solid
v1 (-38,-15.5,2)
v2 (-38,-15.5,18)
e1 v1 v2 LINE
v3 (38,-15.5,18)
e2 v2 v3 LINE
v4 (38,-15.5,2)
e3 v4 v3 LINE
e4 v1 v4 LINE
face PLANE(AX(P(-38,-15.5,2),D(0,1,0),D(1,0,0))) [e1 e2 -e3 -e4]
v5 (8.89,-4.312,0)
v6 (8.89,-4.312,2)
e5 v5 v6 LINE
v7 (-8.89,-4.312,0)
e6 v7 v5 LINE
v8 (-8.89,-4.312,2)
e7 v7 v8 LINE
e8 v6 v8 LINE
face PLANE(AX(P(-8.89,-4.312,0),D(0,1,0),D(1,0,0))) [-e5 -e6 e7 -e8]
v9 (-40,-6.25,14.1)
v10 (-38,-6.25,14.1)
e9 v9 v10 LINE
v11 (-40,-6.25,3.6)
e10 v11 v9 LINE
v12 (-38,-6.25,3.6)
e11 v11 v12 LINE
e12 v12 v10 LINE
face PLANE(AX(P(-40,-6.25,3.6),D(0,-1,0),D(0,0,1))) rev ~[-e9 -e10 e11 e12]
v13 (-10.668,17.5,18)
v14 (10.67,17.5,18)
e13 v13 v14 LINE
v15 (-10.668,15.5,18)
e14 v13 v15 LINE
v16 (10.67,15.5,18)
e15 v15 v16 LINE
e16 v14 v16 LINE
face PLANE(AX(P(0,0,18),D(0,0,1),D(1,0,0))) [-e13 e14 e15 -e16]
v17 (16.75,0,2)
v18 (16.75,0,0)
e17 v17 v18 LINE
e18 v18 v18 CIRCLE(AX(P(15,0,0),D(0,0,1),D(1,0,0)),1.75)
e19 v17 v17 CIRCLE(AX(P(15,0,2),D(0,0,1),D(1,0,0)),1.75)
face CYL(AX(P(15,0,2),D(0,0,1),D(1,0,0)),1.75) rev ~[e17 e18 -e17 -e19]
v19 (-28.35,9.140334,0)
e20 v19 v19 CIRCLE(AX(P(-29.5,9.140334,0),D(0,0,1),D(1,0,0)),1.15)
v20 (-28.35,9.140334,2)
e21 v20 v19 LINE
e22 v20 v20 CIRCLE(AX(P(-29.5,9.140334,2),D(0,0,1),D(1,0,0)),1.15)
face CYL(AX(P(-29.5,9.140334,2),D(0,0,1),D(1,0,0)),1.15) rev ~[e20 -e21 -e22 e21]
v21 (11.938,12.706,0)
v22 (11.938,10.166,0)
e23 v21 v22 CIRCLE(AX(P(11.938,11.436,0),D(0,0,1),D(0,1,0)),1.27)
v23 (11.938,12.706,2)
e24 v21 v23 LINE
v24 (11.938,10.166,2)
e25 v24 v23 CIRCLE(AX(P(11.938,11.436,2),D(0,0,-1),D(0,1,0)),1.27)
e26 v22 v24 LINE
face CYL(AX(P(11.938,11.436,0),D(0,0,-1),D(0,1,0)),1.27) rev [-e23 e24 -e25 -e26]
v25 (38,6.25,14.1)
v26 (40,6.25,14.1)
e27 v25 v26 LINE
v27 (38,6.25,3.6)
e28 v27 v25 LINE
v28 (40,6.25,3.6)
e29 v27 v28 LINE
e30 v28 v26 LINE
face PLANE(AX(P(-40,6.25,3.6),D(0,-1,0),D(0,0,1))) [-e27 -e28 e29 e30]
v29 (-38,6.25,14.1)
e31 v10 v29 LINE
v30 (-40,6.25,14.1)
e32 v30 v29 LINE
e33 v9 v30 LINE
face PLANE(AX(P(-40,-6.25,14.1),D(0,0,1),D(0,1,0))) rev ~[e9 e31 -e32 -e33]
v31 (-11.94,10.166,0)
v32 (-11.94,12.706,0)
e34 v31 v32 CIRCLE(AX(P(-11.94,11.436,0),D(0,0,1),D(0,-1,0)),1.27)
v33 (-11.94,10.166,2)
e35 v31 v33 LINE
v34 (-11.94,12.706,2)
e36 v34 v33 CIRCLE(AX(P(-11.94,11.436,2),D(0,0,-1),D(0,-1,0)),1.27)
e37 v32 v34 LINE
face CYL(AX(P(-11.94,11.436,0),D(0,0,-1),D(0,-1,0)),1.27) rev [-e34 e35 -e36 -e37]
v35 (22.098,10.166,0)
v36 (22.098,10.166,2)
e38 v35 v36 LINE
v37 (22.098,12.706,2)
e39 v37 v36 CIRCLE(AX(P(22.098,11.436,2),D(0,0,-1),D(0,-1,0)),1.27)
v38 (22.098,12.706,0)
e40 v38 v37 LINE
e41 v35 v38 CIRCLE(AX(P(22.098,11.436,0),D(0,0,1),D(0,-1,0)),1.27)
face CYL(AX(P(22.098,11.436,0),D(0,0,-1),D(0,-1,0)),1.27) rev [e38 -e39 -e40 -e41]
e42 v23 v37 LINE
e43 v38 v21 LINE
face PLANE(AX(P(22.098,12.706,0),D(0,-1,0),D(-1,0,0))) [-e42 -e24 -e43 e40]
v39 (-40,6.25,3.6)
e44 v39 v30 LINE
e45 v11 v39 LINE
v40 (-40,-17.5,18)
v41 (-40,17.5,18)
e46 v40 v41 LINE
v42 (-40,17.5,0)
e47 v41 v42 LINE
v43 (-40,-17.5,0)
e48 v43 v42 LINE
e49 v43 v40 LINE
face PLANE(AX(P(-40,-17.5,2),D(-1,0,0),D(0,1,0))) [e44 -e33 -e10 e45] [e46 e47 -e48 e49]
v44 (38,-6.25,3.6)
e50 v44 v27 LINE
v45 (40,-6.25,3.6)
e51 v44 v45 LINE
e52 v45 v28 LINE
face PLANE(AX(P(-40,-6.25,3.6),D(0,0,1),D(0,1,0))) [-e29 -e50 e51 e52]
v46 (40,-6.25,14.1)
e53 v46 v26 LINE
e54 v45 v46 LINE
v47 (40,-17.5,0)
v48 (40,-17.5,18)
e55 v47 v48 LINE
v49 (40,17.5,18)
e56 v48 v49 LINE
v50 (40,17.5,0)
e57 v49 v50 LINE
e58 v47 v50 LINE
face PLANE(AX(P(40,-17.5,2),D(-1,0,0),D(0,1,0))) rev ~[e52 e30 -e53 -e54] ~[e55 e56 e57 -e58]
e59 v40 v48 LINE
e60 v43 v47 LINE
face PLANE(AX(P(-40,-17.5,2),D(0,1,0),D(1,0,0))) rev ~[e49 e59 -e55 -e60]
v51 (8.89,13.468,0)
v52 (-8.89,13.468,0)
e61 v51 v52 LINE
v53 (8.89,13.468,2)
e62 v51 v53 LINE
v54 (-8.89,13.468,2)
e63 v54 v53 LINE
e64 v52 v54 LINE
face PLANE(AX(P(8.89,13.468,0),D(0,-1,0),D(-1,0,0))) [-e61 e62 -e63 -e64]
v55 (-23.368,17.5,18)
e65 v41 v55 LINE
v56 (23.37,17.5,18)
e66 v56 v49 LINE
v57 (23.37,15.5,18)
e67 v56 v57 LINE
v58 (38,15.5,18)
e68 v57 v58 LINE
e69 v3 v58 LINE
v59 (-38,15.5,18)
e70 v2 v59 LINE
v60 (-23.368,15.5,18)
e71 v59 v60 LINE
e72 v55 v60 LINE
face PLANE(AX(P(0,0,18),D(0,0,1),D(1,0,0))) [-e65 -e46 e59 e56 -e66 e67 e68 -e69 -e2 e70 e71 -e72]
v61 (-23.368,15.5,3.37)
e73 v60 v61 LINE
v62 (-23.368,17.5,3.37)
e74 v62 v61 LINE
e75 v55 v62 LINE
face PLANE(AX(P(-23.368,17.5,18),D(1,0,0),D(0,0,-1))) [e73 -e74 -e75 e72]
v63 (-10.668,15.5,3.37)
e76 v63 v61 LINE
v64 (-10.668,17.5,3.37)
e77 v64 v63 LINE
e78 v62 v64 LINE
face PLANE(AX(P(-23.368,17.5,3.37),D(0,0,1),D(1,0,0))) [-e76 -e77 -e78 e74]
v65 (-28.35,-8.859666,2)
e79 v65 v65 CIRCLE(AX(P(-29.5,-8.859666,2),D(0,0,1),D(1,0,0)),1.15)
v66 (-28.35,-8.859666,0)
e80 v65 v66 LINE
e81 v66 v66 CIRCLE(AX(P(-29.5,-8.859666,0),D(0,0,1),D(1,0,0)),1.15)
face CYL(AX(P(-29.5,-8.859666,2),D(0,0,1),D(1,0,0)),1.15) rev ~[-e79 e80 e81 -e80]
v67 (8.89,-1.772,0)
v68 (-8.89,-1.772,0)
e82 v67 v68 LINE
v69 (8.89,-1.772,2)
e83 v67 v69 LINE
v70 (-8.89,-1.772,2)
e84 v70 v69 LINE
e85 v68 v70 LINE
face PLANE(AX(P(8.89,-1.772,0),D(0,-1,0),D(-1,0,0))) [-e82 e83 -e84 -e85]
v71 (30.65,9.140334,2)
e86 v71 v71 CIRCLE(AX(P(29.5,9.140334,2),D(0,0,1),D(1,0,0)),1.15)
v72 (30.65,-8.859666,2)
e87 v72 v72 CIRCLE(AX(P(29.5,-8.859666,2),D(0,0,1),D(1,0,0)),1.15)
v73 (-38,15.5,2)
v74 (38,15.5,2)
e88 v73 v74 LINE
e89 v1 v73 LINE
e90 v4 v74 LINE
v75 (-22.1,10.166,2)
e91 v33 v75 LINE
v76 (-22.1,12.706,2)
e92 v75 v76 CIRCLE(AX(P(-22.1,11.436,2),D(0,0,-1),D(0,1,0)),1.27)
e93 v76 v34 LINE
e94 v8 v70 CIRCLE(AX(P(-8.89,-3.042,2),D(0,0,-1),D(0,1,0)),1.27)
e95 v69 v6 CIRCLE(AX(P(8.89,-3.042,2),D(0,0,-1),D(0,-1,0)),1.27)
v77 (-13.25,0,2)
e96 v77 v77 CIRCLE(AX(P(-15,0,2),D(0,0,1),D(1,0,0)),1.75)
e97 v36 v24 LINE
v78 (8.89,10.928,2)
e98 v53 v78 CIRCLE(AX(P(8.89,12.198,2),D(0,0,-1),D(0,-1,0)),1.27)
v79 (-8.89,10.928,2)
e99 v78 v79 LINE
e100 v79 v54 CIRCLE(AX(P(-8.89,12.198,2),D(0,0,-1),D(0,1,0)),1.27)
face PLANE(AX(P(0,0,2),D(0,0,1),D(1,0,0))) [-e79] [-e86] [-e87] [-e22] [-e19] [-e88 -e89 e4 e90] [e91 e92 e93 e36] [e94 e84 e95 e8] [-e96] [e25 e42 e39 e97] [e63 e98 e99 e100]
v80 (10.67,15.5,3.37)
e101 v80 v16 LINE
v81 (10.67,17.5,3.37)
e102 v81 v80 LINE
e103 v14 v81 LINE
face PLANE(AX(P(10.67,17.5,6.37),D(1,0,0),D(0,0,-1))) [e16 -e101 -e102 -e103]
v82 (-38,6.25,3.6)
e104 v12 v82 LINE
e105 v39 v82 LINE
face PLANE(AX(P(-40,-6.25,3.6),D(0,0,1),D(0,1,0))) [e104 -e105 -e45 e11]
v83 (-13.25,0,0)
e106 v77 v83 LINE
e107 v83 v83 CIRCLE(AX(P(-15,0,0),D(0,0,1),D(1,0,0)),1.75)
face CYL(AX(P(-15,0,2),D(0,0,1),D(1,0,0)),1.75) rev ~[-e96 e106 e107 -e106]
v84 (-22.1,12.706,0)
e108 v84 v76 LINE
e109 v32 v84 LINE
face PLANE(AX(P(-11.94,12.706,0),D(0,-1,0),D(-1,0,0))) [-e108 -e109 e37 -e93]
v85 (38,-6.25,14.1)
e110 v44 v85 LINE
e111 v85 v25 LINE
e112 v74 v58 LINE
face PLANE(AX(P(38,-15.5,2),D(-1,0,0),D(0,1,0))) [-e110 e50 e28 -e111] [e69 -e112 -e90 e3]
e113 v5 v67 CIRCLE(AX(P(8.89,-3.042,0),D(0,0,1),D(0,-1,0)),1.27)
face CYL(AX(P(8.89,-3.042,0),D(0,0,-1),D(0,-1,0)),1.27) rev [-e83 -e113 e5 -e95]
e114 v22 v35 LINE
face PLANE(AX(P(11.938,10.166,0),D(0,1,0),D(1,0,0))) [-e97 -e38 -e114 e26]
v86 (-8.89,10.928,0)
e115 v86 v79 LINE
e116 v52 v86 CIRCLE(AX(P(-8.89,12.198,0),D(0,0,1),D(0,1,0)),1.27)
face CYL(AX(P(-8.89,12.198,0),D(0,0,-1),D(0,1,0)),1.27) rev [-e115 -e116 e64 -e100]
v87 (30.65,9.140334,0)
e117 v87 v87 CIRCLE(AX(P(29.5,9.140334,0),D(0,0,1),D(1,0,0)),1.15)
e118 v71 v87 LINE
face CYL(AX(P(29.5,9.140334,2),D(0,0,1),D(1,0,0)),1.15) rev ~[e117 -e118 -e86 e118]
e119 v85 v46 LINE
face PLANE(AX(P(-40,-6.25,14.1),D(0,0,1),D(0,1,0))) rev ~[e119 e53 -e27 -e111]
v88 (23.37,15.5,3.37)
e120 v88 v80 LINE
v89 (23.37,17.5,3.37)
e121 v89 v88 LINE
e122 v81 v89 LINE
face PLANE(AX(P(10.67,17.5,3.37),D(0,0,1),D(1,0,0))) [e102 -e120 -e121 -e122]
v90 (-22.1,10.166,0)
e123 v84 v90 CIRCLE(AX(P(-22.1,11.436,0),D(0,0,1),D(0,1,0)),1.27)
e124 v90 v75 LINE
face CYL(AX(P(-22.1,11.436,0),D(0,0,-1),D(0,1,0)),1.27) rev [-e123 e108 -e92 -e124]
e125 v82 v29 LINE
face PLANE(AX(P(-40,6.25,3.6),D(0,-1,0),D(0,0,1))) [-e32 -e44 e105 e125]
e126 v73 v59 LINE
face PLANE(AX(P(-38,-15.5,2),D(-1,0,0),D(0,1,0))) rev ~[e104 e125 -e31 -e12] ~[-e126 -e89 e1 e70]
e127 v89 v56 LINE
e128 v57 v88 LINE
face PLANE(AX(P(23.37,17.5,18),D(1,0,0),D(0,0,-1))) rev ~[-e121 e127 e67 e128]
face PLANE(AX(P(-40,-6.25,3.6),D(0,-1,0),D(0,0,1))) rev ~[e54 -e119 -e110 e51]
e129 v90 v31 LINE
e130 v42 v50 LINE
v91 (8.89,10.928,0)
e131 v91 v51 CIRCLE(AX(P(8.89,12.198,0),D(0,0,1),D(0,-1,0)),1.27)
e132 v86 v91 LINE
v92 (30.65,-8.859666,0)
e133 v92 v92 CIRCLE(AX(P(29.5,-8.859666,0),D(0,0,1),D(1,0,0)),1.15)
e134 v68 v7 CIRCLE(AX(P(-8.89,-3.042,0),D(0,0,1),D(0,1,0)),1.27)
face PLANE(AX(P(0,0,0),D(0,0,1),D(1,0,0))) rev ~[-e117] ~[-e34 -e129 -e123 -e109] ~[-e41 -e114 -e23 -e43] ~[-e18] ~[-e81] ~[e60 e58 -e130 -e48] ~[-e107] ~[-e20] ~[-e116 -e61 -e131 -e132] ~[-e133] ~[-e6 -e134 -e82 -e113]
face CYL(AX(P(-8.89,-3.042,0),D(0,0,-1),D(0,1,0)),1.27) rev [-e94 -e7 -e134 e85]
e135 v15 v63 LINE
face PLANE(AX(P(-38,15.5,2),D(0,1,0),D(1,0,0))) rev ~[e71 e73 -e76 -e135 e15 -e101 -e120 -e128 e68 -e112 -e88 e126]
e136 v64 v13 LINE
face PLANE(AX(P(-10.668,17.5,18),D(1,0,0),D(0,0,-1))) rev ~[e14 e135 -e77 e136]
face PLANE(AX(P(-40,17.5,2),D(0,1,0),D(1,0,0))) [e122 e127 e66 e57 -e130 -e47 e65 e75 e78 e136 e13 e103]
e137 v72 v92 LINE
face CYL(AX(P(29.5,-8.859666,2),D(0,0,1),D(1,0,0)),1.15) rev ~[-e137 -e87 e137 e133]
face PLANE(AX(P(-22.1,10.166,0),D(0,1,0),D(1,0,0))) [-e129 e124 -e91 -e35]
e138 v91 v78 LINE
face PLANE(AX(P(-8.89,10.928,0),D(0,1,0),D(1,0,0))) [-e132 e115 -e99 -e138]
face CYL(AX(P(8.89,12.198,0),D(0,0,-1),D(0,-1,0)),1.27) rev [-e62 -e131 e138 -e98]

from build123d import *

# Parameters (mm, degrees)
SKETCH_1_W          = 80
SKETCH_1_H          = 35
EXTRUDE_1_DEPTH     = 2
SKETCH_2_W          = 80
SKETCH_2_H          = 35
SKETCH_2_W_2        = 76
SKETCH_2_H_2        = 31
EXTRUDE_2_DEPTH     = 16
SKETCH_3_W          = 10.5
SKETCH_3_H          = 12.5
CUT_EXTRUDE_1_DEPTH = 81
SKETCH_4_R          = 1.15
SKETCH_4_R_2        = 1.75
CUT_EXTRUDE_2_DEPTH = 3
CUT_EXTRUDE_3_DEPTH = 19
CUT_EXTRUDE_4_REACH = 37
SKETCH_6_W          = 12.7
SKETCH_6_H          = 3
CUT_EXTRUDE_5_REACH = 37
SKETCH_7_W          = 12.7
SKETCH_7_H          = 11.63


with BuildPart() as part:
    # 草图1 → 凸台-拉伸1 (new body)
    with BuildSketch(Plane.XY):
        Rectangle(SKETCH_1_W, SKETCH_1_H)
    extrude(amount=EXTRUDE_1_DEPTH)

    # 草图2 → 凸台-拉伸2 (add)
    with BuildSketch(Plane.XY.offset(2)):
        Rectangle(SKETCH_2_W, SKETCH_2_H)
        Rectangle(SKETCH_2_W_2, SKETCH_2_H_2, mode=Mode.SUBTRACT)
    extrude(amount=EXTRUDE_2_DEPTH)

    # 草图3 → 切除-拉伸1 (cut, through all)
    with BuildSketch(Plane.ZY.offset(40)):
        with Locations((8.85, 0)):
            Rectangle(SKETCH_3_W, SKETCH_3_H)
    extrude(amount=-CUT_EXTRUDE_1_DEPTH, mode=Mode.SUBTRACT)

    # 草图4 → 切除-拉伸2 (cut, through all)
    with BuildSketch(Plane.XY.offset(2)):
        with Locations((-29.5, 9.140333749)):
            Circle(SKETCH_4_R)
        with Locations((-29.5, -8.859666251)):
            Circle(SKETCH_4_R)
        with Locations((29.5, 9.140333749)):
            Circle(SKETCH_4_R)
        with Locations((29.5, -8.859666251)):
            Circle(SKETCH_4_R)
        with Locations((-15, 0)):
            Circle(SKETCH_4_R_2)
        with Locations((15, 0)):
            Circle(SKETCH_4_R_2)
    extrude(amount=-CUT_EXTRUDE_2_DEPTH, mode=Mode.SUBTRACT)

    # 草图5 → 切除-拉伸3 (cut, through all)
    with BuildSketch(Plane(origin=(0, 0, 0), x_dir=(-1, 0, 0), z_dir=(0, 0, -1))):
        with BuildLine():
            Line((-8.89, 13.468), (8.89, 13.468))
            ThreePointArc((8.89, 13.468), (10.16, 12.198), (8.89, 10.928))
            Line((8.89, 10.928), (-8.89, 10.928))
            ThreePointArc((-8.89, 10.928), (-10.16, 12.198), (-8.89, 13.468))
        make_face()
        with BuildLine():
            Line((-8.89, -1.772), (8.89, -1.772))
            ThreePointArc((8.89, -1.772), (10.16, -3.042), (8.89, -4.312))
            Line((8.89, -4.312), (-8.89, -4.312))
            ThreePointArc((-8.89, -4.312), (-10.16, -3.042), (-8.89, -1.772))
        make_face()
        with BuildLine():
            Line((-22.098, 12.706), (-11.938, 12.706))
            ThreePointArc((-11.938, 12.706), (-10.668, 11.436), (-11.938, 10.166))
            Line((-11.938, 10.166), (-22.098, 10.166))
            ThreePointArc((-22.098, 10.166), (-23.368, 11.436), (-22.098, 12.706))
        make_face()
        with BuildLine():
            Line((11.94, 12.706), (22.1, 12.706))
            ThreePointArc((22.1, 12.706), (23.37, 11.436), (22.1, 10.166))
            Line((22.1, 10.166), (11.94, 10.166))
            ThreePointArc((11.94, 10.166), (10.67, 11.436), (11.94, 12.706))
        make_face()
    extrude(amount=-CUT_EXTRUDE_3_DEPTH, mode=Mode.SUBTRACT)

    # 草图6 → 切除-拉伸4 (cut, up to next)
    with BuildSketch(Plane(origin=(0, 17.5, 0), x_dir=(1, 0, 0), z_dir=(0, 1, 0)), mode=Mode.PRIVATE) as cut_extrude_4_sk1:
        with Locations((-17.018, -4.87)):
            Rectangle(SKETCH_6_W, SKETCH_6_H)
    cut_extrude_4_tool1 = extrude(cut_extrude_4_sk1.sketch, amount=-CUT_EXTRUDE_4_REACH, mode=Mode.PRIVATE) & part.part
    add(cut_extrude_4_tool1.solids().sort_by_distance((-17.018, 17.5, 4.87))[0], mode=Mode.SUBTRACT)
    # 草图6 → 切除-拉伸4 (cut, up to next)
    with BuildSketch(Plane(origin=(0, 17.5, 0), x_dir=(1, 0, 0), z_dir=(0, 1, 0)), mode=Mode.PRIVATE) as cut_extrude_4_sk2:
        with Locations((17.02, -4.87)):
            Rectangle(SKETCH_6_W, SKETCH_6_H)
    cut_extrude_4_tool2 = extrude(cut_extrude_4_sk2.sketch, amount=-CUT_EXTRUDE_4_REACH, mode=Mode.PRIVATE) & part.part
    add(cut_extrude_4_tool2.solids().sort_by_distance((17.02, 17.5, 4.87))[0], mode=Mode.SUBTRACT)

    # 草图7 → 切除-拉伸5 (cut, up to next)
    with BuildSketch(Plane(origin=(0, 17.5, 0), x_dir=(1, 0, 0), z_dir=(0, 1, 0)), mode=Mode.PRIVATE) as cut_extrude_5_sk1:
        with Locations((-17.018, -12.185)):
            Rectangle(SKETCH_7_W, SKETCH_7_H)
    cut_extrude_5_tool1 = extrude(cut_extrude_5_sk1.sketch, amount=-CUT_EXTRUDE_5_REACH, mode=Mode.PRIVATE) & part.part
    add(cut_extrude_5_tool1.solids().sort_by_distance((-17.018, 17.5, 12.185))[0], mode=Mode.SUBTRACT)
    # 草图7 → 切除-拉伸5 (cut, up to next)
    with BuildSketch(Plane(origin=(0, 17.5, 0), x_dir=(1, 0, 0), z_dir=(0, 1, 0)), mode=Mode.PRIVATE) as cut_extrude_5_sk2:
        with Locations((17.02, -12.185)):
            Rectangle(SKETCH_7_W, SKETCH_7_H)
    cut_extrude_5_tool2 = extrude(cut_extrude_5_sk2.sketch, amount=-CUT_EXTRUDE_5_REACH, mode=Mode.PRIVATE) & part.part
    add(cut_extrude_5_tool2.solids().sort_by_distance((17.02, 17.5, 12.185))[0], mode=Mode.SUBTRACT)


solid = part.part
